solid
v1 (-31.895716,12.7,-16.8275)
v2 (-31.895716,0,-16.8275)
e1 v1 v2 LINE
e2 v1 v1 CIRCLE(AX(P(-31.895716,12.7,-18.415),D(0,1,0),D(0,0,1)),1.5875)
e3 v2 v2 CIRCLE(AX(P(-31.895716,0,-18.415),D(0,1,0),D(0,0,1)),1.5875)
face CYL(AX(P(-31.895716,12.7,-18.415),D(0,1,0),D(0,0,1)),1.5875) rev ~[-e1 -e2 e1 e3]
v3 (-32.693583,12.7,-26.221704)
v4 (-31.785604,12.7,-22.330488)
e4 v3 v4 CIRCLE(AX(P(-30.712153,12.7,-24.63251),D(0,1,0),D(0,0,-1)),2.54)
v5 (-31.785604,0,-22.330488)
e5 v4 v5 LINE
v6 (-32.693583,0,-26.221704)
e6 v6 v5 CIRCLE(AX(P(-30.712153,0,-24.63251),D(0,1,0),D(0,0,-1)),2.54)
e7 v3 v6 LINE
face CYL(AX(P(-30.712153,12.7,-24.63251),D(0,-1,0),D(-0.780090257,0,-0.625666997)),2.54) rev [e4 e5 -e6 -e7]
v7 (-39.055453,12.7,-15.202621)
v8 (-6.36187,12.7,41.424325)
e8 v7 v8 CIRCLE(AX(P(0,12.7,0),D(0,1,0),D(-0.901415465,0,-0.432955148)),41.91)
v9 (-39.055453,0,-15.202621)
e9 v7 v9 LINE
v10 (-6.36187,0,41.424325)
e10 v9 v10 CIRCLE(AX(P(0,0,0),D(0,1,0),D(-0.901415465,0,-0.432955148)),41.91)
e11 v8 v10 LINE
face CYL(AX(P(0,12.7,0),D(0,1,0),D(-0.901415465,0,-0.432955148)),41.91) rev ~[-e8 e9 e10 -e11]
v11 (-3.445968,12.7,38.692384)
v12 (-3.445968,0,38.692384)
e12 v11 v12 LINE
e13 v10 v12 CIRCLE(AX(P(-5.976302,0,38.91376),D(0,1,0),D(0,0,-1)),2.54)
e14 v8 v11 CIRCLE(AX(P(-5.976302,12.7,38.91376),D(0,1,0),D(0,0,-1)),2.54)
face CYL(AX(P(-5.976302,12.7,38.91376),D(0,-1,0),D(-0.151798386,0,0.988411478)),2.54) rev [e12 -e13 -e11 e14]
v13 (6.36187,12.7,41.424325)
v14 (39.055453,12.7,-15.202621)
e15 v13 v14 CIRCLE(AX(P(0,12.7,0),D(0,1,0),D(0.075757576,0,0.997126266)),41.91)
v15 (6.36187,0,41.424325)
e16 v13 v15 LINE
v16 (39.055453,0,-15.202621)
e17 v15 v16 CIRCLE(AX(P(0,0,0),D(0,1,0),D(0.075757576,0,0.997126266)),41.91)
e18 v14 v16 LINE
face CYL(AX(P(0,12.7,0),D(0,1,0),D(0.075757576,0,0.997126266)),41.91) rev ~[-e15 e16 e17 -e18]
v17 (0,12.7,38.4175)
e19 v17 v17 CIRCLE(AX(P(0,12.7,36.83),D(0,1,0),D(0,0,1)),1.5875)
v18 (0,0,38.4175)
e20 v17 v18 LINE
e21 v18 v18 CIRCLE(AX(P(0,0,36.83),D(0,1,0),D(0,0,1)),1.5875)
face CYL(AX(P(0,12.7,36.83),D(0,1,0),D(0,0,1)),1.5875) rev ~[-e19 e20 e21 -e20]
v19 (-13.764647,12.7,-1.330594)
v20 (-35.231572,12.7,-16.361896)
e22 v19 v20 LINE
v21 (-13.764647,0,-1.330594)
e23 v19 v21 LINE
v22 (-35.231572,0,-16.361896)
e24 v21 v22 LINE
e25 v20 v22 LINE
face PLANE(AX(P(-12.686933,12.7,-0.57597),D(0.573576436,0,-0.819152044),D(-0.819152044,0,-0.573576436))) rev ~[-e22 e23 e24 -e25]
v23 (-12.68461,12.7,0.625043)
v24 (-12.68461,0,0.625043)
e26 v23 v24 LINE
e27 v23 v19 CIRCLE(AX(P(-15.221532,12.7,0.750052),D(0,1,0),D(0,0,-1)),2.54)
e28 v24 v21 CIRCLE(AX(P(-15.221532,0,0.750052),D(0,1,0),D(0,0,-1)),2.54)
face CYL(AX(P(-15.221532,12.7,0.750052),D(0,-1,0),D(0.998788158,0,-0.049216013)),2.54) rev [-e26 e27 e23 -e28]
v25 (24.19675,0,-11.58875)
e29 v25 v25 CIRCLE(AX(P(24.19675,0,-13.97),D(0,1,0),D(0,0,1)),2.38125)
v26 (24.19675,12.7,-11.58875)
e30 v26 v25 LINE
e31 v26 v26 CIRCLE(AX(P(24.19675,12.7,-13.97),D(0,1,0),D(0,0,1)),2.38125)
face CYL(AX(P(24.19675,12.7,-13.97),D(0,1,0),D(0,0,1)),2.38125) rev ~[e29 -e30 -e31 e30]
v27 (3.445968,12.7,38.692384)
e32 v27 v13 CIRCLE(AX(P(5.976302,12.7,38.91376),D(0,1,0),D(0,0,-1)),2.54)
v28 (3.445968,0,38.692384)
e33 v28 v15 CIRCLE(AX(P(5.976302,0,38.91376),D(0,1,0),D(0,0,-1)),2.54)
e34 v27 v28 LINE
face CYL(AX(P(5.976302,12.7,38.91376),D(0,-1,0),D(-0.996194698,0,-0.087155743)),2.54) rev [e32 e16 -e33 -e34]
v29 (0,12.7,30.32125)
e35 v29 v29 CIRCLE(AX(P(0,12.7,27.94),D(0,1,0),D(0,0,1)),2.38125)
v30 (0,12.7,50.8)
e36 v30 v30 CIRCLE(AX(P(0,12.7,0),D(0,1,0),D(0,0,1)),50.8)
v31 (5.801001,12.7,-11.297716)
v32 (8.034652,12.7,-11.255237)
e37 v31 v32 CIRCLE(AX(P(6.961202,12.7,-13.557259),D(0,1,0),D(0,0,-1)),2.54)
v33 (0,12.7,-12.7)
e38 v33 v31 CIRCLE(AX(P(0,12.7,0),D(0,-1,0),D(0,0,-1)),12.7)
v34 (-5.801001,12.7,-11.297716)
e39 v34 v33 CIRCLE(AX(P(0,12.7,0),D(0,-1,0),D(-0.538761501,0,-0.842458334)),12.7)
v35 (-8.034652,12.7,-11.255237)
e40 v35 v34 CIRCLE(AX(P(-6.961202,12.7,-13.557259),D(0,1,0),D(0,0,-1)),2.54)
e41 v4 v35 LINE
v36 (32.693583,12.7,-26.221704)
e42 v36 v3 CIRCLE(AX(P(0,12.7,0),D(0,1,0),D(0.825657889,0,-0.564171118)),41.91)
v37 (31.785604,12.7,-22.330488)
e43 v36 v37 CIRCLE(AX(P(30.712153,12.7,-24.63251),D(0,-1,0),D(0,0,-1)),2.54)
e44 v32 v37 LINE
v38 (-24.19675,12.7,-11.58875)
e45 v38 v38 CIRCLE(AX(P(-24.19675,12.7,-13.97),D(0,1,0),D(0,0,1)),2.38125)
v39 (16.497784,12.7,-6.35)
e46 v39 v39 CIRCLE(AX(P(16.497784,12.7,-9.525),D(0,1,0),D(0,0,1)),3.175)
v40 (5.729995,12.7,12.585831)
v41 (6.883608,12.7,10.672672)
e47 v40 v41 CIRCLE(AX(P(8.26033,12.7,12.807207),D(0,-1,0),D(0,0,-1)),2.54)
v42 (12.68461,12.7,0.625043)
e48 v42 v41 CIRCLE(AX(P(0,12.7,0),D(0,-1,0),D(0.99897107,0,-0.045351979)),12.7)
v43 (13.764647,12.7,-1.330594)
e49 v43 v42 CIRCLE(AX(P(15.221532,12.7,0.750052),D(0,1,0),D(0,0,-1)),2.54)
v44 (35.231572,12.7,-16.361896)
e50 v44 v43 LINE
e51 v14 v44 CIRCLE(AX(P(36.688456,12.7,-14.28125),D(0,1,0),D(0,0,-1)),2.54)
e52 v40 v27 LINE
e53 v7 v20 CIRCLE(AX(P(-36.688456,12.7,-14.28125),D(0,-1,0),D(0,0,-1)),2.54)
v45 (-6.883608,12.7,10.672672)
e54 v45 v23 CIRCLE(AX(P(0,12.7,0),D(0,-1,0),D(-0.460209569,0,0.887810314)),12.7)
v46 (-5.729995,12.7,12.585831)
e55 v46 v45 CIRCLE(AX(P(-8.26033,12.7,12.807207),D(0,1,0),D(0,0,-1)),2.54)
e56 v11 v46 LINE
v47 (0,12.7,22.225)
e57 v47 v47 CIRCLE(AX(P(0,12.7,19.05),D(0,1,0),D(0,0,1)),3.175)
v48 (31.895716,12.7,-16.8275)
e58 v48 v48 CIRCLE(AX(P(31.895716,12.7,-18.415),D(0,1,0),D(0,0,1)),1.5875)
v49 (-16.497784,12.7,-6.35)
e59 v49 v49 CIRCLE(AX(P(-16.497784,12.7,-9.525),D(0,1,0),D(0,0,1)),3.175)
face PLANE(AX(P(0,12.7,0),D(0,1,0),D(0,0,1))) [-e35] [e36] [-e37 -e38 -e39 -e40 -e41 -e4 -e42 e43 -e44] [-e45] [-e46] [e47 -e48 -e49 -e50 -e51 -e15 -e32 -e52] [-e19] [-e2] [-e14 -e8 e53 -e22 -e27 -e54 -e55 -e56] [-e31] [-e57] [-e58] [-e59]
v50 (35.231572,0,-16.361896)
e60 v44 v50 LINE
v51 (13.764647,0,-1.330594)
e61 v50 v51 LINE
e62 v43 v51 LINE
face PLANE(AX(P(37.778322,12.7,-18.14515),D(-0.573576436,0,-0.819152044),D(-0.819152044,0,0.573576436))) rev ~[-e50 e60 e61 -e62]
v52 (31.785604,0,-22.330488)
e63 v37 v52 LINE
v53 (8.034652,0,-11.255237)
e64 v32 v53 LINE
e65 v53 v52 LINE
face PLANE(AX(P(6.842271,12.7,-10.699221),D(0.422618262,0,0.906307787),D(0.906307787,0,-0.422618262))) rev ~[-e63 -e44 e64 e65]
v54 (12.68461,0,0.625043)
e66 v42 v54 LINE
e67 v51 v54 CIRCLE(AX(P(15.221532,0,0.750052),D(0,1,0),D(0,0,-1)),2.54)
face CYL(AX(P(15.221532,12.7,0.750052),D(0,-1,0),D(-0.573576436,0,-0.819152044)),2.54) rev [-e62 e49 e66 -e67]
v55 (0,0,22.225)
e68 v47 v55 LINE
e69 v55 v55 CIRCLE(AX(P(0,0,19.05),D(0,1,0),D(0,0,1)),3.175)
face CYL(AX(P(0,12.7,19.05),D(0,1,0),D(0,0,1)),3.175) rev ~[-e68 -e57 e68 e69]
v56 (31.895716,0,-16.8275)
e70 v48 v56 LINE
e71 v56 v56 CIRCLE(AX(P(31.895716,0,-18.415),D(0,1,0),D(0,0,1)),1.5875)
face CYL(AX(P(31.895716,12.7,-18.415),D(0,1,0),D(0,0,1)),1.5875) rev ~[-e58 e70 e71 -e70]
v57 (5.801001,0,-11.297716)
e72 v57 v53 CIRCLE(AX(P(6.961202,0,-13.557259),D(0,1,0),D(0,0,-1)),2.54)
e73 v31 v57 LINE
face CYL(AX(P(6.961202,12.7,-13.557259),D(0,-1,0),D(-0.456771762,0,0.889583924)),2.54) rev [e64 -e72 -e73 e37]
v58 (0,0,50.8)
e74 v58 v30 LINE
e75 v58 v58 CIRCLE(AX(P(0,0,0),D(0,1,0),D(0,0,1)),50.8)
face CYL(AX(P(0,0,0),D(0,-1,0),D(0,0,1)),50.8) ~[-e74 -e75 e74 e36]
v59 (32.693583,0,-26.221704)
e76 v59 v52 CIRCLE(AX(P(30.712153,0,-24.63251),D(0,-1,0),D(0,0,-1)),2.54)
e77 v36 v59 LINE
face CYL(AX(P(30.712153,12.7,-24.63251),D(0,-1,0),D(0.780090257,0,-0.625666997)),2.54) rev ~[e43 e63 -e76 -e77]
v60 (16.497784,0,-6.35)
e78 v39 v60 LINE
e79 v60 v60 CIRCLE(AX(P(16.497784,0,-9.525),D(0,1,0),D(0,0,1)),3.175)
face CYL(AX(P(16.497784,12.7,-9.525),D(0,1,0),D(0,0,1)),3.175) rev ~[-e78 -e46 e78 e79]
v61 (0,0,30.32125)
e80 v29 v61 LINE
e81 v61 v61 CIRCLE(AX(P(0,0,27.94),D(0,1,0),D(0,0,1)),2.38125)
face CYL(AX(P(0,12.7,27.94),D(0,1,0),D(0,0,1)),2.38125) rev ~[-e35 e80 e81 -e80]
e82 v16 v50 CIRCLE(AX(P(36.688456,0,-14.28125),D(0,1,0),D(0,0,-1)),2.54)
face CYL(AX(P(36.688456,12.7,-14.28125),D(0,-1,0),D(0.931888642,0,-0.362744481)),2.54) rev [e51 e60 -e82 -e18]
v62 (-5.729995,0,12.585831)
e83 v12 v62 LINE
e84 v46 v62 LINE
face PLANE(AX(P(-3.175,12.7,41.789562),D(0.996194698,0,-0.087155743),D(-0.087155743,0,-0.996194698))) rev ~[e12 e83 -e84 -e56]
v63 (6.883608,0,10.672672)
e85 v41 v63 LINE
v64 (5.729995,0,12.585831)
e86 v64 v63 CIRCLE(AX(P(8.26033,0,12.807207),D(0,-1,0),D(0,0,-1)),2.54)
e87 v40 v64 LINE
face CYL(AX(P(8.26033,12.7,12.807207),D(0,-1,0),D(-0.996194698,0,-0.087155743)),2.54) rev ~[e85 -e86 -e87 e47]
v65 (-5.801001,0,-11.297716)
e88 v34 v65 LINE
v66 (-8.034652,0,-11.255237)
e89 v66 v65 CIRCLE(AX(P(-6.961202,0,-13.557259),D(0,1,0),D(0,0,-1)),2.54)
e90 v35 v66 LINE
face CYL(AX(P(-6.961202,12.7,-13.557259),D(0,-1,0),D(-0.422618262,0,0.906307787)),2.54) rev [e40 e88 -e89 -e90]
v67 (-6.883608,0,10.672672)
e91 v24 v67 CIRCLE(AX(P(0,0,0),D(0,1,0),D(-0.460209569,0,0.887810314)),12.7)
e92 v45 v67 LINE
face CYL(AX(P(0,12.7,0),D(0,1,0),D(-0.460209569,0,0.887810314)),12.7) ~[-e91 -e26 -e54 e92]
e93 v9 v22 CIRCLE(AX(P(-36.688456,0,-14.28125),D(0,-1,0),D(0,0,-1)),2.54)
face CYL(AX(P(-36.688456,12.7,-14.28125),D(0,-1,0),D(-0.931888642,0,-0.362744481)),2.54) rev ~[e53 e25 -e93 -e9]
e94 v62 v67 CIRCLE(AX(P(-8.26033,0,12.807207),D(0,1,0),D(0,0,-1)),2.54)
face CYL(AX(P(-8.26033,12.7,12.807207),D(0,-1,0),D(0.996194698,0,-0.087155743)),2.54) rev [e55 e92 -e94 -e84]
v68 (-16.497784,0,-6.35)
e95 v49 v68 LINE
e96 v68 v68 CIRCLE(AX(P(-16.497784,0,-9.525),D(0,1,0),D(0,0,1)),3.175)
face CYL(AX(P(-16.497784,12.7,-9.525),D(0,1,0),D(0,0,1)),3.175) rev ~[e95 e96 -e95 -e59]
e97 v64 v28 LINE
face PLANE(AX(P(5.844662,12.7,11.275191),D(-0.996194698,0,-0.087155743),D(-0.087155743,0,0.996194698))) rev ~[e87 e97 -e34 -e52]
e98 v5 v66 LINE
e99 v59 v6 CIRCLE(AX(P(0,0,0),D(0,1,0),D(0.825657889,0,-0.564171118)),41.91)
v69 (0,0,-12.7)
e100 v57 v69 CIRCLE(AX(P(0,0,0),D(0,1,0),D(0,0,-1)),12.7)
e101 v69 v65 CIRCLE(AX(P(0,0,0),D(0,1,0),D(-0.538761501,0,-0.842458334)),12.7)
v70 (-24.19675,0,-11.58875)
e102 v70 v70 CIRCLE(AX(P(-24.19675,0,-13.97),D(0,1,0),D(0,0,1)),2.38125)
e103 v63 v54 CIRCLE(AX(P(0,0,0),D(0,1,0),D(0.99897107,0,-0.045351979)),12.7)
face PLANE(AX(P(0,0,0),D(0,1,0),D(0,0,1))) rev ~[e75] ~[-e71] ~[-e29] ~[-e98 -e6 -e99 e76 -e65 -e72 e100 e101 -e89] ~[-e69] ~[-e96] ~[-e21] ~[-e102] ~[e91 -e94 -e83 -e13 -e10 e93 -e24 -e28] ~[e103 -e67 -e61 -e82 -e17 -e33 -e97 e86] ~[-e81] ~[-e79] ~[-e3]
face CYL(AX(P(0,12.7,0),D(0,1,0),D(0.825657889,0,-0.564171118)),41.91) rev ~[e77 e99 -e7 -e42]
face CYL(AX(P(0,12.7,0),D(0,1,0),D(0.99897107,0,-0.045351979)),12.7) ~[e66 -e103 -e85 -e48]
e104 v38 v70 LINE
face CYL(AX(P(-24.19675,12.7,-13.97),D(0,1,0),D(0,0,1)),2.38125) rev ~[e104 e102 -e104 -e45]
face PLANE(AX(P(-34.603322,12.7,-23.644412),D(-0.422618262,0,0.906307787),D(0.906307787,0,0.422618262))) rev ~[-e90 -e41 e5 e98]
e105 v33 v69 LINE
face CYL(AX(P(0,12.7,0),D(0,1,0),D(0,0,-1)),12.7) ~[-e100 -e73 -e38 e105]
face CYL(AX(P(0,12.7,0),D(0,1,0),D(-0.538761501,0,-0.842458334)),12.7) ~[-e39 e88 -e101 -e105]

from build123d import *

# Parameters (mm, degrees)
SKETCH1_R           = 50.8
BOSS_EXTRUDE1_DEPTH = 12.7
SKETCH2_R           = 3.175
SKETCH2_R_2         = 2.38125
SKETCH2_R_3         = 1.5875
CUT_EXTRUDE1_DEPTH  = 73.955945611
FILLET1_R           = 2.54


with BuildPart() as part:
    # Sketch1 → Boss-Extrude1 (new body)
    with BuildSketch(Plane(origin=(0, 0, 0), x_dir=(1, 0, 0), z_dir=(0, 1, 0))):
        Circle(SKETCH1_R)
    extrude(amount=BOSS_EXTRUDE1_DEPTH)

    # Sketch2 → Cut-Extrude1 (cut, through all)
    with BuildSketch(Plane(origin=(0, 12.7, 0), x_dir=(1, 0, 0), z_dir=(0, 1, 0))):
        with BuildLine():
            Line((5.844661521, -11.275190983), (3.175, -41.789561795))
            ThreePointArc((3.175, -41.789561795), (36.295124673, -20.955), (37.778322127, 18.14515024))
            Line((37.778322127, 18.14515024), (12.686932584, 0.575970138))
            ThreePointArc((12.686932584, 0.575970138), (10.998522628, -6.35), (5.844661521, -11.275190983))
        make_face()
        with BuildLine():
            ThreePointArc((-37.778322127, 18.14515024), (-36.295124673, -20.955), (-3.175, -41.789561795))
            Line((-3.175, -41.789561795), (-5.844661521, -11.275190983))
            ThreePointArc((-5.844661521, -11.275190983), (-10.998522628, -6.35), (-12.686932584, 0.575970138))
            Line((-12.686932584, 0.575970138), (-37.778322127, 18.14515024))
        make_face()
        with BuildLine():
            ThreePointArc((34.603322127, 23.644411554), (0, 41.91), (-34.603322127, 23.644411554))
            Line((-34.603322127, 23.644411554), (-6.842271064, 10.699220845))
            ThreePointArc((-6.842271064, 10.699220845), (-3.564400038, 12.189546848), (0, 12.7))
            ThreePointArc((0, 12.7), (3.564400038, 12.189546848), (6.842271064, 10.699220845))
            Line((6.842271064, 10.699220845), (34.603322127, 23.644411554))
        make_face()
        with Locations((0, -19.05)):
            Circle(SKETCH2_R)
        with Locations((0, -27.94)):
            Circle(SKETCH2_R_2)
        with Locations((0, -36.83)):
            Circle(SKETCH2_R_3)
        with Locations((-16.497783942, 9.525)):
            Circle(SKETCH2_R)
        with Locations((-24.196749782, 13.97)):
            Circle(SKETCH2_R_2)
        with Locations((-31.895715621, 18.415)):
            Circle(SKETCH2_R_3)
        with Locations((16.497783942, 9.525)):
            Circle(SKETCH2_R)
        with Locations((24.196749782, 13.97)):
            Circle(SKETCH2_R_2)
        with Locations((31.895715621, 18.415)):
            Circle(SKETCH2_R_3)
    extrude(amount=-CUT_EXTRUDE1_DEPTH, mode=Mode.SUBTRACT)

    # Fillet1
    fillet1_edges = [part.edges().sort_by_distance(p)[0] for p in [
        (37.778322127, 6.35, -18.14515024),
        (34.603322127, 6.35, -23.644411554),
        (-6.842271064, 6.35, -10.699220845),
        (6.842271064, 6.35, -10.699220845),
        (12.686932584, 6.35, -0.575970138),
        (-12.686932584, 6.35, -0.575970138),
        (-5.844661521, 6.35, 11.275190983),
        (-3.175, 6.35, 41.789561795),
        (3.175, 6.35, 41.789561795),
        (5.844661521, 6.35, 11.275190983),
        (-34.603322127, 6.35, -23.644411554),
        (-37.778322127, 6.35, -18.14515024),
    ]]
    fillet(fillet1_edges, radius=FILLET1_R)


solid = part.part
